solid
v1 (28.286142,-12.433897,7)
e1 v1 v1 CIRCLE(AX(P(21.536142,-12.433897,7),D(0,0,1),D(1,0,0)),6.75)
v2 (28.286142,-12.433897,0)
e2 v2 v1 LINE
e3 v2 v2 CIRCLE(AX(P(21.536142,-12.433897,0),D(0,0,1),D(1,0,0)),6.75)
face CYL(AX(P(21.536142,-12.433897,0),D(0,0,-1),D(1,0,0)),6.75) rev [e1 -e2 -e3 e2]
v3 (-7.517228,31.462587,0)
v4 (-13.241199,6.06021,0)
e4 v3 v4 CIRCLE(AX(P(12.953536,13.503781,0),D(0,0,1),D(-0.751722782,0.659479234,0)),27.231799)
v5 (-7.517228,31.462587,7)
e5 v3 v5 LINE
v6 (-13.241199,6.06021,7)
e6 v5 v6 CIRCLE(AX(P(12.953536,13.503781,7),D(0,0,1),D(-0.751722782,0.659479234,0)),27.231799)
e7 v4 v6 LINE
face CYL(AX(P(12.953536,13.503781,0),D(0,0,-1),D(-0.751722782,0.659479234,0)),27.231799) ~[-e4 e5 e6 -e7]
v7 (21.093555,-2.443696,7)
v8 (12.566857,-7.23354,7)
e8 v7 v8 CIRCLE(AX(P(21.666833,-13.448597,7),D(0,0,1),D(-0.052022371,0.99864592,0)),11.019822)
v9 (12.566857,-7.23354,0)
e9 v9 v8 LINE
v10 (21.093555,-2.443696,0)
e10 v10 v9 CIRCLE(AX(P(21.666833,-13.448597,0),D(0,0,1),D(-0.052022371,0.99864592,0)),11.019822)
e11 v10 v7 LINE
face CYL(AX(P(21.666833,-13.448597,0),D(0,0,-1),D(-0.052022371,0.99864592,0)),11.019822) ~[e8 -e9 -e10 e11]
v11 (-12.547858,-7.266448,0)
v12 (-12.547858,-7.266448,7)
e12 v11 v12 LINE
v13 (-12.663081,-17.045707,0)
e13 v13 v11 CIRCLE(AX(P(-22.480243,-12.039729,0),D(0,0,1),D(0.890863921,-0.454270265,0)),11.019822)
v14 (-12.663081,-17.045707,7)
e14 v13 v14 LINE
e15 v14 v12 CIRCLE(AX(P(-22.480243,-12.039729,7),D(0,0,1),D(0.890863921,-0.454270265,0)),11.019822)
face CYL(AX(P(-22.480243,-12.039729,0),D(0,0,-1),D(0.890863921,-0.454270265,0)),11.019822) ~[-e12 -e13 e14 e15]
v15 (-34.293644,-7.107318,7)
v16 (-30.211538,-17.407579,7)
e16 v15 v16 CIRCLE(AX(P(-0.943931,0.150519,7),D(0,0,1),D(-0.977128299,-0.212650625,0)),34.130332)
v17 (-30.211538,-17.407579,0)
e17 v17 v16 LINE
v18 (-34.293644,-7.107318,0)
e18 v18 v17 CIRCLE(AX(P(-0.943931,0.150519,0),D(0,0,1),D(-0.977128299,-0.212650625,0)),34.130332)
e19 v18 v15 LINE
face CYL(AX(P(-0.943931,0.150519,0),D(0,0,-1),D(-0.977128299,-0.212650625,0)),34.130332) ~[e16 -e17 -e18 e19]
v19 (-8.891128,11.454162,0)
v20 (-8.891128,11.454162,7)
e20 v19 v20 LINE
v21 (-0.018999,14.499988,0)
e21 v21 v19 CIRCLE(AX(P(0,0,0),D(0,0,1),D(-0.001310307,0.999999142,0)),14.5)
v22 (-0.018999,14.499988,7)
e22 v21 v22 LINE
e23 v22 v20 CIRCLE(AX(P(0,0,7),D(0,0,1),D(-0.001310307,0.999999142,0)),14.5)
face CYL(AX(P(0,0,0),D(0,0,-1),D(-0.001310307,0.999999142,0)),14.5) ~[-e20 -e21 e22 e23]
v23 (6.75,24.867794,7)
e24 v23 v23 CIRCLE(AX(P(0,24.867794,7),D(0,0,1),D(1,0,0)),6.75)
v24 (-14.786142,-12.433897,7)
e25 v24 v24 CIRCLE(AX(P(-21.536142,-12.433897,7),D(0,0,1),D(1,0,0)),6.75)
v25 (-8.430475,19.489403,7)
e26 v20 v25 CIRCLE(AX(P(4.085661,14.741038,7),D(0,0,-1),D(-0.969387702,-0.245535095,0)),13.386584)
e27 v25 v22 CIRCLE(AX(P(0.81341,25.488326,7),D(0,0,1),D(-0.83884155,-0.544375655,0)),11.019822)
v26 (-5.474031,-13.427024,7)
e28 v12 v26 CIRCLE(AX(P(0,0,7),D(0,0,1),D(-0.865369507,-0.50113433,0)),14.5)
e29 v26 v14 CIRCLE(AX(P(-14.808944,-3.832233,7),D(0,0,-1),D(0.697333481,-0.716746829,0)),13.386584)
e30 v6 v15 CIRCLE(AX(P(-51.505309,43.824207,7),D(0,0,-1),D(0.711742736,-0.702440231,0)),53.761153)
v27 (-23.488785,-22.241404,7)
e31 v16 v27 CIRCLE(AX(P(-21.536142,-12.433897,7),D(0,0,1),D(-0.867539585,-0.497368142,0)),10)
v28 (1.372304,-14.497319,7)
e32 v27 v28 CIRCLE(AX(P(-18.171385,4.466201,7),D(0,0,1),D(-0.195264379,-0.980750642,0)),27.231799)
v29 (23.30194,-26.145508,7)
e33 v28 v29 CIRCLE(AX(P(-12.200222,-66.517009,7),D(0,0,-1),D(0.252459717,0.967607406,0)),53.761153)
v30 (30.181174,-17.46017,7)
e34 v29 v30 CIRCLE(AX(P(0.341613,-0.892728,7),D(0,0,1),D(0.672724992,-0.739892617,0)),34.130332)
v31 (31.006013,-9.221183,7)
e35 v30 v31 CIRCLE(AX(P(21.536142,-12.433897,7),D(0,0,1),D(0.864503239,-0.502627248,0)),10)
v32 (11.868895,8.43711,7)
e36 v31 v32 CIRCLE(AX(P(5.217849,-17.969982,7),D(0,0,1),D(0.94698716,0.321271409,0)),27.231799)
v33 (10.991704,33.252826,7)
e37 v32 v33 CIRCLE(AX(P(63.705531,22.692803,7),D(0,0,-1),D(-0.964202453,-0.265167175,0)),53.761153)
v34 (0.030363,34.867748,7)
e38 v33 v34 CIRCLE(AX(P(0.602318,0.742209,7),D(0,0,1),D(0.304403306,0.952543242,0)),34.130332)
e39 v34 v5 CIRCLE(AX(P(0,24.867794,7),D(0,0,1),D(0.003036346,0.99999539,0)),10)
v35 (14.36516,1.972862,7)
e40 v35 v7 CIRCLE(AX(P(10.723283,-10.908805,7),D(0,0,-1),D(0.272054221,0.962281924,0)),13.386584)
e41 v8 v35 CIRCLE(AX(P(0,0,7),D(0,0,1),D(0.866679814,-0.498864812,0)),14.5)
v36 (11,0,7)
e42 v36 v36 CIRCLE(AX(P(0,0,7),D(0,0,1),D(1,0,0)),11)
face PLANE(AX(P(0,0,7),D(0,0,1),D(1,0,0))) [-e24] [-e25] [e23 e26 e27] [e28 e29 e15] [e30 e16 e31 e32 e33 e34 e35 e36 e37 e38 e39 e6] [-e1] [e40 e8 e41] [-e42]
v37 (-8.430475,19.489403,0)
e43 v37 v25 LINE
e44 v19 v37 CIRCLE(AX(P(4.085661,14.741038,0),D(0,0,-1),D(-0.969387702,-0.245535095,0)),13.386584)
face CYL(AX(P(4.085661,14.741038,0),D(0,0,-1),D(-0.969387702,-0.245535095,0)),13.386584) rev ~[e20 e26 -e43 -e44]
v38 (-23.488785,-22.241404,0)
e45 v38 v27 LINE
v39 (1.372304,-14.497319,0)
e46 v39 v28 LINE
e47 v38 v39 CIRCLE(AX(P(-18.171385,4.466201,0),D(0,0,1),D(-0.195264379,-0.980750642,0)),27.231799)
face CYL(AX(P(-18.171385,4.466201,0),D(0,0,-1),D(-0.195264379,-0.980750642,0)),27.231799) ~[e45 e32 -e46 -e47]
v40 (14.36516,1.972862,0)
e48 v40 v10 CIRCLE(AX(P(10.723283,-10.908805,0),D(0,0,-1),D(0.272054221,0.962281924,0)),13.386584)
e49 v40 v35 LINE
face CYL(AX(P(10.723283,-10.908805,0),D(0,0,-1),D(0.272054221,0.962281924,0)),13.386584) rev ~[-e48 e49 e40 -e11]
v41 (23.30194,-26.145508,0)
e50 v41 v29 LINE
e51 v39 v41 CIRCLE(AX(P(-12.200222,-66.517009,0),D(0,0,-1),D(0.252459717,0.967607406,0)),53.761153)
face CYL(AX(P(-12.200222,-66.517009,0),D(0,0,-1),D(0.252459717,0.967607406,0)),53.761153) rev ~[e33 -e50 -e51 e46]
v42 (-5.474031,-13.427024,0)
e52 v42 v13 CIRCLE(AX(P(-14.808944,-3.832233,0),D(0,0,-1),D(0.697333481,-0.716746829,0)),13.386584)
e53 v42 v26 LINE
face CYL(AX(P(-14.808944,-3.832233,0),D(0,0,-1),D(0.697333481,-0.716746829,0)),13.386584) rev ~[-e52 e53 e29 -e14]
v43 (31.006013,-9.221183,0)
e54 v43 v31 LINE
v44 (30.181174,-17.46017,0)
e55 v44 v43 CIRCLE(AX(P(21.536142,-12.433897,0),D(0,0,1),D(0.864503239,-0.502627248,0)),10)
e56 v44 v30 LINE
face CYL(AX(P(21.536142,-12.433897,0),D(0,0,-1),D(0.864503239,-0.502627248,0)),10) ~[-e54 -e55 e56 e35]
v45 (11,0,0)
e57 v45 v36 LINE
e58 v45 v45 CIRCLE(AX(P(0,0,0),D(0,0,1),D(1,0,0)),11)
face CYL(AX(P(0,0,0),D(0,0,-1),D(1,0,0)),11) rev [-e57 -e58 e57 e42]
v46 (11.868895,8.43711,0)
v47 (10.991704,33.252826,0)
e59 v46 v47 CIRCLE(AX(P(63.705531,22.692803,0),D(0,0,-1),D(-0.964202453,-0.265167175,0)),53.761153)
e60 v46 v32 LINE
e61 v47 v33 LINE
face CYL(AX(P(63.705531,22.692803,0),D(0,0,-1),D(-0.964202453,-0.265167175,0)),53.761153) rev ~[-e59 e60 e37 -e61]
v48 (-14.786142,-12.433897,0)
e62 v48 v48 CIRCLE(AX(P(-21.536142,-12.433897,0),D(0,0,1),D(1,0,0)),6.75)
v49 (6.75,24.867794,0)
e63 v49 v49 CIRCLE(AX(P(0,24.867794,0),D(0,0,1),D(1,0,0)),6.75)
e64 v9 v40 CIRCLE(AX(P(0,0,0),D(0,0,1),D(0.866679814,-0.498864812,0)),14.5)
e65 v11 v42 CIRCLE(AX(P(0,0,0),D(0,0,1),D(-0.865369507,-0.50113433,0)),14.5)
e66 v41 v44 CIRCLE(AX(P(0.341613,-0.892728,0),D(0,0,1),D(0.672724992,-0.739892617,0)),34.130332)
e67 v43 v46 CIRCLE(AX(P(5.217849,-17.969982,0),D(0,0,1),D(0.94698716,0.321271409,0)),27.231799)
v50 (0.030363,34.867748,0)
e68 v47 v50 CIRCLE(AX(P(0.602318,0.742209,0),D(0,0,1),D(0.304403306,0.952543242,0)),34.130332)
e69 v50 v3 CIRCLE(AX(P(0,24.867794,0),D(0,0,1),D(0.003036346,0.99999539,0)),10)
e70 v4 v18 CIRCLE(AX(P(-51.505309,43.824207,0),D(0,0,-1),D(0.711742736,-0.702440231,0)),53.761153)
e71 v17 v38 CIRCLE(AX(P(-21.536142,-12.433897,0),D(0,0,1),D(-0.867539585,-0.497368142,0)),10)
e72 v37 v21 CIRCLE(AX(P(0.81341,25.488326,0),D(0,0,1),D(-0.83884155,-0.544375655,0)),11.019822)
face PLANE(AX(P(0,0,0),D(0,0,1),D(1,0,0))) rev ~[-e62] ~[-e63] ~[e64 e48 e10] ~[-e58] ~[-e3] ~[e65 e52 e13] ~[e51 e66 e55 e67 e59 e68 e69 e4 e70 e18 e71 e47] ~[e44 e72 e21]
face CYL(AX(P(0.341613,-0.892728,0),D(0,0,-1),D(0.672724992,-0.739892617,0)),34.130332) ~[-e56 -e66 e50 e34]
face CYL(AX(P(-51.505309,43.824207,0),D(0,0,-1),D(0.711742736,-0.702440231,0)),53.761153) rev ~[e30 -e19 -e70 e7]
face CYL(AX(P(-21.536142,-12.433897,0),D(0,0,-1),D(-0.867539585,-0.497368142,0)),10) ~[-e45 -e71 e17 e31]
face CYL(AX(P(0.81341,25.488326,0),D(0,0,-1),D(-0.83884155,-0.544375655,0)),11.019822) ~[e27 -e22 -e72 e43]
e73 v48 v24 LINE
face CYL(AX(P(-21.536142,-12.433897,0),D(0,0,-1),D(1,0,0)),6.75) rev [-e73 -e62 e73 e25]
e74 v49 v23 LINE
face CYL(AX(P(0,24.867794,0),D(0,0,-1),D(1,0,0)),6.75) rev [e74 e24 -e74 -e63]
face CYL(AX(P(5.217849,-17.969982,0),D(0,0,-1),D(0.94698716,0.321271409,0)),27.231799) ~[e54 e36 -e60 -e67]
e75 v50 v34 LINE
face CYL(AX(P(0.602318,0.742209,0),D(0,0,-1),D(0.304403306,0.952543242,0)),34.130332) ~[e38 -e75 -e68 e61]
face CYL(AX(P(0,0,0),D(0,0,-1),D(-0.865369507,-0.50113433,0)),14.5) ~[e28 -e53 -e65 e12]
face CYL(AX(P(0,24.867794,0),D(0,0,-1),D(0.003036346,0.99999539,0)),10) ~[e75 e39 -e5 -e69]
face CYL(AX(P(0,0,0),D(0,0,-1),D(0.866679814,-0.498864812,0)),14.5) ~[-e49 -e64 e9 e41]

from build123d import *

# Parameters (mm, degrees)
F0_R     = 6.75
F0_R_2   = 11
F1_DEPTH = 7


with BuildPart() as f1:
    # F0 (on Top) → F1 (new body)
    with BuildSketch(Plane.XY):
        with BuildLine():
            ThreePointArc((0.0303634628, 34.8677483042), (-4.1124282103, 33.9830527199), (-7.5172278162, 31.4625867377))
            ThreePointArc((-7.5172278162, 31.4625867377), (-13.6121821661, 19.4898899069), (-13.2411988753, 6.0602097422))
            ThreePointArc((-13.2411988753, 6.0602097422), (-22.9967779432, -1.7556709932), (-34.2936443309, -7.1073178834))
            ThreePointArc((-34.2936443309, -7.1073178834), (-32.6733499934, -12.4241997031), (-30.2115375356, -17.407578622))
            ThreePointArc((-30.2115375356, -17.407578622), (-27.3739728485, -20.5529936613), (-23.4887854755, -22.2414036237))
            ThreePointArc((-23.4887854755, -22.2414036237), (-10.0726486933, -21.5334405102), (1.3723038486, -14.4973194736))
            ThreePointArc((1.3723038486, -14.4973194736), (13.0188446523, -19.0379584074), (23.3019400052, -26.1455082372))
            ThreePointArc((23.3019400052, -26.1455082372), (27.0963475613, -22.0838512694), (30.1811740728, -17.4601696823))
            ThreePointArc((30.1811740728, -17.4601696823), (31.4864010588, -13.4300590586), (31.0060132917, -9.221183114))
            ThreePointArc((31.0060132917, -9.221183114), (23.6848308594, 2.0435506033), (11.8688950266, 8.4371097315))
            ThreePointArc((11.8688950266, 8.4371097315), (9.9779332908, 20.7936294005), (10.9917043257, 33.2528261205))
            ThreePointArc((10.9917043257, 33.2528261205), (5.5770024321, 34.5080509726), (0.0303634628, 34.8677483042))
        make_face()
        with Locations((-21.5361416876, -12.4338972007)):
            Circle(F0_R, mode=Mode.SUBTRACT)
        with BuildLine():
            ThreePointArc((-12.6630806003, -17.045706709), (-11.4611852349, -12.169559613), (-12.5478578488, -7.2664477846))
            ThreePointArc((-12.5478578488, -7.2664477846), (-9.5228828701, -10.9345645475), (-5.47403134, -13.4270242753))
            ThreePointArc((-5.47403134, -13.4270242753), (-8.7901592188, -15.7894419215), (-12.6630806003, -17.045706709))
        make_face(mode=Mode.SUBTRACT)
        with BuildLine():
            ThreePointArc((1.4389157248, -14.428427549), (1.4056400908, -14.4629028124), (1.3723038486, -14.4973194736))
            ThreePointArc((1.3723038486, -14.4973194736), (1.2826311608, -14.4740053694), (1.1929184258, -14.4508458448))
            ThreePointArc((1.1929184258, -14.4508458448), (1.3159648149, -14.4401605464), (1.4389157248, -14.428427549))
        make_face(mode=Mode.SUBTRACT)
        with Locations((21.5361416876, -12.4338972007)):
            Circle(F0_R, mode=Mode.SUBTRACT)
        Circle(F0_R_2, mode=Mode.SUBTRACT)
        with BuildLine():
            ThreePointArc((14.3651597896, 1.9728619361), (18.069137425, 0.282219774), (21.0935553356, -2.4436961356))
            ThreePointArc((21.0935553356, -2.4436961356), (16.2697403952, -3.8408977644), (12.5668573011, -7.2335397678))
            ThreePointArc((12.5668573011, -7.2335397678), (14.2310521125, -2.779776209), (14.3651597896, 1.9728619361))
        make_face(mode=Mode.SUBTRACT)
        with BuildLine():
            ThreePointArc((-8.4304747353, 19.4894028445), (-4.8085551602, 16.0104573774), (-0.0189994523, 14.4999875524))
            ThreePointArc((-0.0189994523, 14.4999875524), (-4.7081692424, 13.7143407565), (-8.8911284496, 11.4541623392))
            ThreePointArc((-8.8911284496, 11.4541623392), (-9.2789782062, 15.5072221475), (-8.4304747353, 19.4894028445))
        make_face(mode=Mode.SUBTRACT)
        with Locations((0, 24.8677944013)):
            Circle(F0_R, mode=Mode.SUBTRACT)
        with BuildLine():
            ThreePointArc((1.1929184258, -14.4508458448), (1.2826311608, -14.4740053694), (1.3723038486, -14.4973194736))
            ThreePointArc((1.3723038486, -14.4973194736), (1.4056400908, -14.4629028124), (1.4389157248, -14.428427549))
            ThreePointArc((1.4389157248, -14.428427549), (1.3159648149, -14.4401605464), (1.1929184258, -14.4508458448))
        make_face()
    extrude(amount=F1_DEPTH)


solid = f1.part
